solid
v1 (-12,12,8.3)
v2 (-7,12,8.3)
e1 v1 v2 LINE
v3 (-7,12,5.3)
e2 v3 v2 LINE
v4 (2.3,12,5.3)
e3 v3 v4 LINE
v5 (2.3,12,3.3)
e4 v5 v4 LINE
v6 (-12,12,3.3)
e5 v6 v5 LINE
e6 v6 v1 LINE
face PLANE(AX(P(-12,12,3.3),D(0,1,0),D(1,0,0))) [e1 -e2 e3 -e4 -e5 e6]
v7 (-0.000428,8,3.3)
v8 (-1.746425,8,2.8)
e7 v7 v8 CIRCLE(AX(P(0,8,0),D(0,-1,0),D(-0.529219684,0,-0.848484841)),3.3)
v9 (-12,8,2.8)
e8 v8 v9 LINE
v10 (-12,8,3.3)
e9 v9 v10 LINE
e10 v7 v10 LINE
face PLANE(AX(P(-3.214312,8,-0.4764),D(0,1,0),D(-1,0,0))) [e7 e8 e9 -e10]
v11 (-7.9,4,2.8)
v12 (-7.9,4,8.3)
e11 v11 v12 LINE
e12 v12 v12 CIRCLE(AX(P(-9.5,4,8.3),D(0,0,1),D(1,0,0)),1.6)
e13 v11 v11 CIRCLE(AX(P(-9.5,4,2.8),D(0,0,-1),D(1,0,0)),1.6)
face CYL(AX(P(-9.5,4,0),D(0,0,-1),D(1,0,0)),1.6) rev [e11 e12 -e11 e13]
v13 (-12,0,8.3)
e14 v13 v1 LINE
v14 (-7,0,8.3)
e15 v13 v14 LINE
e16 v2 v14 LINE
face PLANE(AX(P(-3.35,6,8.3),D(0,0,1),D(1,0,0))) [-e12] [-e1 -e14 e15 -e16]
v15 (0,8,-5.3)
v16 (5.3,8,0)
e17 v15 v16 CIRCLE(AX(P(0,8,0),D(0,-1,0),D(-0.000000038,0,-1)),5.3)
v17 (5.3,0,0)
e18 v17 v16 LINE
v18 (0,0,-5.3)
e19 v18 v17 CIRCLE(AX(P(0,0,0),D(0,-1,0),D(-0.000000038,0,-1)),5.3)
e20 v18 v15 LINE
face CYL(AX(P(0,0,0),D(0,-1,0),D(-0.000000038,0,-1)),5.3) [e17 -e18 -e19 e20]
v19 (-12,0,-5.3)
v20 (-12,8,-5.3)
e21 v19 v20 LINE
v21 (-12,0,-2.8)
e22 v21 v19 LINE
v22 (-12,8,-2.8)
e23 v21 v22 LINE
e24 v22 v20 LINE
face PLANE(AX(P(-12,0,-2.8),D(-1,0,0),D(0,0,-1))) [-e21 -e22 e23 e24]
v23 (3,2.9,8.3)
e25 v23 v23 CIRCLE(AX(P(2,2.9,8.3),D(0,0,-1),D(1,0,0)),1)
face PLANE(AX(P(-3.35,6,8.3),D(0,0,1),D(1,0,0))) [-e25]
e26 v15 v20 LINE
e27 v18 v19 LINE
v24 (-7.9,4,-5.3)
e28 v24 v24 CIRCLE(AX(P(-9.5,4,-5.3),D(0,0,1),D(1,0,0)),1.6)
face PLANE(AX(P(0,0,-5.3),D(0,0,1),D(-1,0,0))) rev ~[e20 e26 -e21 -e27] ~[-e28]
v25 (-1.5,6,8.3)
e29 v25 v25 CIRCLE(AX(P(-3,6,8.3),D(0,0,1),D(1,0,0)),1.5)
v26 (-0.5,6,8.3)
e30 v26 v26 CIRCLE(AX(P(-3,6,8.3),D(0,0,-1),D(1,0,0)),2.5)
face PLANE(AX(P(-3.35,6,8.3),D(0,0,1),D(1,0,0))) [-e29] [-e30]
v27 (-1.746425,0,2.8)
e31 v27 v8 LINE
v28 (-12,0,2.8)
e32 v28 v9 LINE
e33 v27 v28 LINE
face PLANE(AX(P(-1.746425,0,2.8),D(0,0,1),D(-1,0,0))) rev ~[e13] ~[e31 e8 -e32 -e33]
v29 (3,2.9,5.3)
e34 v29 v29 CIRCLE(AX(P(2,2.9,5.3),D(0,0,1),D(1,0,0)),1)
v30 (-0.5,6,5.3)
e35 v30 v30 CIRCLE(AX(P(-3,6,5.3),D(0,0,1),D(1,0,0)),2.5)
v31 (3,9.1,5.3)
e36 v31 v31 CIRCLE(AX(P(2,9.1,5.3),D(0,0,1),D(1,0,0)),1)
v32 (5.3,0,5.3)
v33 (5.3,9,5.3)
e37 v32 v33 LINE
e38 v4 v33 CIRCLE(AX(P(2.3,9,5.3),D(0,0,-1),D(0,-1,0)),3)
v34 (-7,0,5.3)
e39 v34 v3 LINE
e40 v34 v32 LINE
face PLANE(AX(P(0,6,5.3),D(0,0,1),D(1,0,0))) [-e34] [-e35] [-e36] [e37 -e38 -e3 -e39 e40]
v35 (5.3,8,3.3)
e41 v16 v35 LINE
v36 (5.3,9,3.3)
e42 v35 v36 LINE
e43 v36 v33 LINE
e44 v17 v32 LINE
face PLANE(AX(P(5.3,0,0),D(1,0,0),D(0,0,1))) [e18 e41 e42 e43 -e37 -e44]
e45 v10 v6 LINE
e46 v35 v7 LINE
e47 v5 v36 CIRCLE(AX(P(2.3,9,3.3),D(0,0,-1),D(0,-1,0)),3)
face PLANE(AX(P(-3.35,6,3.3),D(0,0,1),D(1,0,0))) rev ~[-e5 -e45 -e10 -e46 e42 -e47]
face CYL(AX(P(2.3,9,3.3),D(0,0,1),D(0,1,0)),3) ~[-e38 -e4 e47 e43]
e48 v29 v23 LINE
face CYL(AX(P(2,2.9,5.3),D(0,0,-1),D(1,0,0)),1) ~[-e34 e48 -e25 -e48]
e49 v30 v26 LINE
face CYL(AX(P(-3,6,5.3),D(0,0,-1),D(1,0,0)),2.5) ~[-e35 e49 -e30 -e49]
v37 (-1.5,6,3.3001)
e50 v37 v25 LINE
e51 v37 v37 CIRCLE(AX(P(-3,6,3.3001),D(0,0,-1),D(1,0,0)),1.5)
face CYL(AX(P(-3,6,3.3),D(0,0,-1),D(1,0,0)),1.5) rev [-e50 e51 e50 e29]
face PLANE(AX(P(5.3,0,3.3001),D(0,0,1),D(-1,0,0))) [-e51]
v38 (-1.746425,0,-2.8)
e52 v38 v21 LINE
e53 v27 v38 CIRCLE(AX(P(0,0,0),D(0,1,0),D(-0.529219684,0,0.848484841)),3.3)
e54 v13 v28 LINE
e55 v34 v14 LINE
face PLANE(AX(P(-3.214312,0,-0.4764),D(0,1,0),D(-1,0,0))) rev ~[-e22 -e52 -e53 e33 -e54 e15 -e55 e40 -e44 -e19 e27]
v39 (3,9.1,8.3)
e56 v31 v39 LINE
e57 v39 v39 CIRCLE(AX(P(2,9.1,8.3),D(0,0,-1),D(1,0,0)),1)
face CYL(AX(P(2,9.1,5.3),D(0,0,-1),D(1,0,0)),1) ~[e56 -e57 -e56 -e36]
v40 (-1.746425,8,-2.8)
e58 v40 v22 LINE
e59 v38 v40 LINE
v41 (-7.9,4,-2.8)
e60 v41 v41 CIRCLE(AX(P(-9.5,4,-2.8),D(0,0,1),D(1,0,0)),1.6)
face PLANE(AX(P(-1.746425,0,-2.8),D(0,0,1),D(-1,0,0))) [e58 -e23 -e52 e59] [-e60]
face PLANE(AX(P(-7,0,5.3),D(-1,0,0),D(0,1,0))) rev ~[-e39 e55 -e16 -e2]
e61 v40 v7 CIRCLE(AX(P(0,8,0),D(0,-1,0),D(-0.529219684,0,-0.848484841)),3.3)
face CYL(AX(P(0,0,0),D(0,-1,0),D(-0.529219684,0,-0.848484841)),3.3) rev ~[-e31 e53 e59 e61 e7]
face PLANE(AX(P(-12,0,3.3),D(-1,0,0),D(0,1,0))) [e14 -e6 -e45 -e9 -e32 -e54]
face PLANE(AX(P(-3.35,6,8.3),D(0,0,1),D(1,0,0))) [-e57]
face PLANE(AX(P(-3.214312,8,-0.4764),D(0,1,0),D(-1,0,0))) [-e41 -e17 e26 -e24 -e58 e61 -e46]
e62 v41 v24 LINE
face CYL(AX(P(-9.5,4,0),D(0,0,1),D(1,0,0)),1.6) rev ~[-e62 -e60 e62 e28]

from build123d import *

# Parameters (mm, degrees)
PAD001_DEPTH         = 8
SKETCH004_R          = 1.6
POCKET001_DEPTH      = 5.301
POCKET001_DEPTH_BACK = 3.3011
SKETCH_W             = 17.3
SKETCH_H             = 12
SKETCH_R             = 1.5
SKETCH_R_2           = 1.6
PAD_DEPTH            = 5
SKETCH001_W          = 14
SKETCH001_H          = 12
SKETCH001_R          = 2.5
SKETCH001_R_2        = 1
POCKET_DEPTH         = 3.001
FILLET_R             = 3


with BuildPart() as clipbody:
    # Sketch003 → Pad001 (new body)
    with BuildSketch(Plane.XZ):
        with BuildLine():
            Line((0, -5.3), (-12, -5.3))
            Line((-12, -2.8), (-12, -5.3))
            Line((-1.746425, -2.8), (-12, -2.8))
            ThreePointArc((-1.746425, -2.8), (3.3, 0), (-1.746425, 2.8))
            Line((-1.746425, 2.8), (-12, 2.8))
            Line((-12, 2.8), (-12, 3.3001))
            Line((5.3, 3.3001), (-12, 3.3001))
            Line((5.3, 0), (5.3, 3.3001))
            ThreePointArc((0, -5.3), (3.747666, -3.747666), (5.3, 0))
        make_face()
    extrude(amount=-PAD001_DEPTH)

    # Sketch004 → Pocket001 (cut, two sides)
    with BuildSketch(Plane.XY) as pocket001_sk:
        with Locations((-9.5, 4)):
            Circle(SKETCH004_R)
    extrude(amount=-POCKET001_DEPTH, mode=Mode.SUBTRACT)
    extrude(pocket001_sk.sketch, amount=POCKET001_DEPTH_BACK, mode=Mode.SUBTRACT)


with BuildPart() as part_refined:
    # Sketch → Pad (new body)
    with BuildSketch(Plane.XY):
        with Locations((8.65, 6)):
            Rectangle(SKETCH_W, SKETCH_H)
        with Locations((9, 6)):
            Circle(SKETCH_R, mode=Mode.SUBTRACT)
        with Locations((2.5, 4)):
            Circle(SKETCH_R_2, mode=Mode.SUBTRACT)
    extrude(amount=PAD_DEPTH)

    # Sketch001 (on DatumPlane) → Pocket (cut, through all)
    with BuildSketch(Plane.XY.offset(2)):
        with Locations((12, 6)):
            Rectangle(SKETCH001_W, SKETCH001_H)
        with Locations((9, 6)):
            Circle(SKETCH001_R, mode=Mode.SUBTRACT)
        with Locations((14, 9.1)):
            Circle(SKETCH001_R_2, mode=Mode.SUBTRACT)
        with Locations((14, 2.9)):
            Circle(SKETCH001_R_2, mode=Mode.SUBTRACT)
    extrude(amount=POCKET_DEPTH, mode=Mode.SUBTRACT)

    # Fillet
    fillet_edges = [part_refined.edges().sort_by_distance(p)[0] for p in [
        (17.3, 12, 1),
    ]]
    fillet(fillet_edges, radius=FILLET_R)


with BuildPart() as part_refined_1:
    # Body placement: moved
    add(part_refined.part.moved(Location((-12, 0, 3.3))))

    # Fusion: union ClipBody
    add(clipbody.part)


solid = part_refined_1.part
